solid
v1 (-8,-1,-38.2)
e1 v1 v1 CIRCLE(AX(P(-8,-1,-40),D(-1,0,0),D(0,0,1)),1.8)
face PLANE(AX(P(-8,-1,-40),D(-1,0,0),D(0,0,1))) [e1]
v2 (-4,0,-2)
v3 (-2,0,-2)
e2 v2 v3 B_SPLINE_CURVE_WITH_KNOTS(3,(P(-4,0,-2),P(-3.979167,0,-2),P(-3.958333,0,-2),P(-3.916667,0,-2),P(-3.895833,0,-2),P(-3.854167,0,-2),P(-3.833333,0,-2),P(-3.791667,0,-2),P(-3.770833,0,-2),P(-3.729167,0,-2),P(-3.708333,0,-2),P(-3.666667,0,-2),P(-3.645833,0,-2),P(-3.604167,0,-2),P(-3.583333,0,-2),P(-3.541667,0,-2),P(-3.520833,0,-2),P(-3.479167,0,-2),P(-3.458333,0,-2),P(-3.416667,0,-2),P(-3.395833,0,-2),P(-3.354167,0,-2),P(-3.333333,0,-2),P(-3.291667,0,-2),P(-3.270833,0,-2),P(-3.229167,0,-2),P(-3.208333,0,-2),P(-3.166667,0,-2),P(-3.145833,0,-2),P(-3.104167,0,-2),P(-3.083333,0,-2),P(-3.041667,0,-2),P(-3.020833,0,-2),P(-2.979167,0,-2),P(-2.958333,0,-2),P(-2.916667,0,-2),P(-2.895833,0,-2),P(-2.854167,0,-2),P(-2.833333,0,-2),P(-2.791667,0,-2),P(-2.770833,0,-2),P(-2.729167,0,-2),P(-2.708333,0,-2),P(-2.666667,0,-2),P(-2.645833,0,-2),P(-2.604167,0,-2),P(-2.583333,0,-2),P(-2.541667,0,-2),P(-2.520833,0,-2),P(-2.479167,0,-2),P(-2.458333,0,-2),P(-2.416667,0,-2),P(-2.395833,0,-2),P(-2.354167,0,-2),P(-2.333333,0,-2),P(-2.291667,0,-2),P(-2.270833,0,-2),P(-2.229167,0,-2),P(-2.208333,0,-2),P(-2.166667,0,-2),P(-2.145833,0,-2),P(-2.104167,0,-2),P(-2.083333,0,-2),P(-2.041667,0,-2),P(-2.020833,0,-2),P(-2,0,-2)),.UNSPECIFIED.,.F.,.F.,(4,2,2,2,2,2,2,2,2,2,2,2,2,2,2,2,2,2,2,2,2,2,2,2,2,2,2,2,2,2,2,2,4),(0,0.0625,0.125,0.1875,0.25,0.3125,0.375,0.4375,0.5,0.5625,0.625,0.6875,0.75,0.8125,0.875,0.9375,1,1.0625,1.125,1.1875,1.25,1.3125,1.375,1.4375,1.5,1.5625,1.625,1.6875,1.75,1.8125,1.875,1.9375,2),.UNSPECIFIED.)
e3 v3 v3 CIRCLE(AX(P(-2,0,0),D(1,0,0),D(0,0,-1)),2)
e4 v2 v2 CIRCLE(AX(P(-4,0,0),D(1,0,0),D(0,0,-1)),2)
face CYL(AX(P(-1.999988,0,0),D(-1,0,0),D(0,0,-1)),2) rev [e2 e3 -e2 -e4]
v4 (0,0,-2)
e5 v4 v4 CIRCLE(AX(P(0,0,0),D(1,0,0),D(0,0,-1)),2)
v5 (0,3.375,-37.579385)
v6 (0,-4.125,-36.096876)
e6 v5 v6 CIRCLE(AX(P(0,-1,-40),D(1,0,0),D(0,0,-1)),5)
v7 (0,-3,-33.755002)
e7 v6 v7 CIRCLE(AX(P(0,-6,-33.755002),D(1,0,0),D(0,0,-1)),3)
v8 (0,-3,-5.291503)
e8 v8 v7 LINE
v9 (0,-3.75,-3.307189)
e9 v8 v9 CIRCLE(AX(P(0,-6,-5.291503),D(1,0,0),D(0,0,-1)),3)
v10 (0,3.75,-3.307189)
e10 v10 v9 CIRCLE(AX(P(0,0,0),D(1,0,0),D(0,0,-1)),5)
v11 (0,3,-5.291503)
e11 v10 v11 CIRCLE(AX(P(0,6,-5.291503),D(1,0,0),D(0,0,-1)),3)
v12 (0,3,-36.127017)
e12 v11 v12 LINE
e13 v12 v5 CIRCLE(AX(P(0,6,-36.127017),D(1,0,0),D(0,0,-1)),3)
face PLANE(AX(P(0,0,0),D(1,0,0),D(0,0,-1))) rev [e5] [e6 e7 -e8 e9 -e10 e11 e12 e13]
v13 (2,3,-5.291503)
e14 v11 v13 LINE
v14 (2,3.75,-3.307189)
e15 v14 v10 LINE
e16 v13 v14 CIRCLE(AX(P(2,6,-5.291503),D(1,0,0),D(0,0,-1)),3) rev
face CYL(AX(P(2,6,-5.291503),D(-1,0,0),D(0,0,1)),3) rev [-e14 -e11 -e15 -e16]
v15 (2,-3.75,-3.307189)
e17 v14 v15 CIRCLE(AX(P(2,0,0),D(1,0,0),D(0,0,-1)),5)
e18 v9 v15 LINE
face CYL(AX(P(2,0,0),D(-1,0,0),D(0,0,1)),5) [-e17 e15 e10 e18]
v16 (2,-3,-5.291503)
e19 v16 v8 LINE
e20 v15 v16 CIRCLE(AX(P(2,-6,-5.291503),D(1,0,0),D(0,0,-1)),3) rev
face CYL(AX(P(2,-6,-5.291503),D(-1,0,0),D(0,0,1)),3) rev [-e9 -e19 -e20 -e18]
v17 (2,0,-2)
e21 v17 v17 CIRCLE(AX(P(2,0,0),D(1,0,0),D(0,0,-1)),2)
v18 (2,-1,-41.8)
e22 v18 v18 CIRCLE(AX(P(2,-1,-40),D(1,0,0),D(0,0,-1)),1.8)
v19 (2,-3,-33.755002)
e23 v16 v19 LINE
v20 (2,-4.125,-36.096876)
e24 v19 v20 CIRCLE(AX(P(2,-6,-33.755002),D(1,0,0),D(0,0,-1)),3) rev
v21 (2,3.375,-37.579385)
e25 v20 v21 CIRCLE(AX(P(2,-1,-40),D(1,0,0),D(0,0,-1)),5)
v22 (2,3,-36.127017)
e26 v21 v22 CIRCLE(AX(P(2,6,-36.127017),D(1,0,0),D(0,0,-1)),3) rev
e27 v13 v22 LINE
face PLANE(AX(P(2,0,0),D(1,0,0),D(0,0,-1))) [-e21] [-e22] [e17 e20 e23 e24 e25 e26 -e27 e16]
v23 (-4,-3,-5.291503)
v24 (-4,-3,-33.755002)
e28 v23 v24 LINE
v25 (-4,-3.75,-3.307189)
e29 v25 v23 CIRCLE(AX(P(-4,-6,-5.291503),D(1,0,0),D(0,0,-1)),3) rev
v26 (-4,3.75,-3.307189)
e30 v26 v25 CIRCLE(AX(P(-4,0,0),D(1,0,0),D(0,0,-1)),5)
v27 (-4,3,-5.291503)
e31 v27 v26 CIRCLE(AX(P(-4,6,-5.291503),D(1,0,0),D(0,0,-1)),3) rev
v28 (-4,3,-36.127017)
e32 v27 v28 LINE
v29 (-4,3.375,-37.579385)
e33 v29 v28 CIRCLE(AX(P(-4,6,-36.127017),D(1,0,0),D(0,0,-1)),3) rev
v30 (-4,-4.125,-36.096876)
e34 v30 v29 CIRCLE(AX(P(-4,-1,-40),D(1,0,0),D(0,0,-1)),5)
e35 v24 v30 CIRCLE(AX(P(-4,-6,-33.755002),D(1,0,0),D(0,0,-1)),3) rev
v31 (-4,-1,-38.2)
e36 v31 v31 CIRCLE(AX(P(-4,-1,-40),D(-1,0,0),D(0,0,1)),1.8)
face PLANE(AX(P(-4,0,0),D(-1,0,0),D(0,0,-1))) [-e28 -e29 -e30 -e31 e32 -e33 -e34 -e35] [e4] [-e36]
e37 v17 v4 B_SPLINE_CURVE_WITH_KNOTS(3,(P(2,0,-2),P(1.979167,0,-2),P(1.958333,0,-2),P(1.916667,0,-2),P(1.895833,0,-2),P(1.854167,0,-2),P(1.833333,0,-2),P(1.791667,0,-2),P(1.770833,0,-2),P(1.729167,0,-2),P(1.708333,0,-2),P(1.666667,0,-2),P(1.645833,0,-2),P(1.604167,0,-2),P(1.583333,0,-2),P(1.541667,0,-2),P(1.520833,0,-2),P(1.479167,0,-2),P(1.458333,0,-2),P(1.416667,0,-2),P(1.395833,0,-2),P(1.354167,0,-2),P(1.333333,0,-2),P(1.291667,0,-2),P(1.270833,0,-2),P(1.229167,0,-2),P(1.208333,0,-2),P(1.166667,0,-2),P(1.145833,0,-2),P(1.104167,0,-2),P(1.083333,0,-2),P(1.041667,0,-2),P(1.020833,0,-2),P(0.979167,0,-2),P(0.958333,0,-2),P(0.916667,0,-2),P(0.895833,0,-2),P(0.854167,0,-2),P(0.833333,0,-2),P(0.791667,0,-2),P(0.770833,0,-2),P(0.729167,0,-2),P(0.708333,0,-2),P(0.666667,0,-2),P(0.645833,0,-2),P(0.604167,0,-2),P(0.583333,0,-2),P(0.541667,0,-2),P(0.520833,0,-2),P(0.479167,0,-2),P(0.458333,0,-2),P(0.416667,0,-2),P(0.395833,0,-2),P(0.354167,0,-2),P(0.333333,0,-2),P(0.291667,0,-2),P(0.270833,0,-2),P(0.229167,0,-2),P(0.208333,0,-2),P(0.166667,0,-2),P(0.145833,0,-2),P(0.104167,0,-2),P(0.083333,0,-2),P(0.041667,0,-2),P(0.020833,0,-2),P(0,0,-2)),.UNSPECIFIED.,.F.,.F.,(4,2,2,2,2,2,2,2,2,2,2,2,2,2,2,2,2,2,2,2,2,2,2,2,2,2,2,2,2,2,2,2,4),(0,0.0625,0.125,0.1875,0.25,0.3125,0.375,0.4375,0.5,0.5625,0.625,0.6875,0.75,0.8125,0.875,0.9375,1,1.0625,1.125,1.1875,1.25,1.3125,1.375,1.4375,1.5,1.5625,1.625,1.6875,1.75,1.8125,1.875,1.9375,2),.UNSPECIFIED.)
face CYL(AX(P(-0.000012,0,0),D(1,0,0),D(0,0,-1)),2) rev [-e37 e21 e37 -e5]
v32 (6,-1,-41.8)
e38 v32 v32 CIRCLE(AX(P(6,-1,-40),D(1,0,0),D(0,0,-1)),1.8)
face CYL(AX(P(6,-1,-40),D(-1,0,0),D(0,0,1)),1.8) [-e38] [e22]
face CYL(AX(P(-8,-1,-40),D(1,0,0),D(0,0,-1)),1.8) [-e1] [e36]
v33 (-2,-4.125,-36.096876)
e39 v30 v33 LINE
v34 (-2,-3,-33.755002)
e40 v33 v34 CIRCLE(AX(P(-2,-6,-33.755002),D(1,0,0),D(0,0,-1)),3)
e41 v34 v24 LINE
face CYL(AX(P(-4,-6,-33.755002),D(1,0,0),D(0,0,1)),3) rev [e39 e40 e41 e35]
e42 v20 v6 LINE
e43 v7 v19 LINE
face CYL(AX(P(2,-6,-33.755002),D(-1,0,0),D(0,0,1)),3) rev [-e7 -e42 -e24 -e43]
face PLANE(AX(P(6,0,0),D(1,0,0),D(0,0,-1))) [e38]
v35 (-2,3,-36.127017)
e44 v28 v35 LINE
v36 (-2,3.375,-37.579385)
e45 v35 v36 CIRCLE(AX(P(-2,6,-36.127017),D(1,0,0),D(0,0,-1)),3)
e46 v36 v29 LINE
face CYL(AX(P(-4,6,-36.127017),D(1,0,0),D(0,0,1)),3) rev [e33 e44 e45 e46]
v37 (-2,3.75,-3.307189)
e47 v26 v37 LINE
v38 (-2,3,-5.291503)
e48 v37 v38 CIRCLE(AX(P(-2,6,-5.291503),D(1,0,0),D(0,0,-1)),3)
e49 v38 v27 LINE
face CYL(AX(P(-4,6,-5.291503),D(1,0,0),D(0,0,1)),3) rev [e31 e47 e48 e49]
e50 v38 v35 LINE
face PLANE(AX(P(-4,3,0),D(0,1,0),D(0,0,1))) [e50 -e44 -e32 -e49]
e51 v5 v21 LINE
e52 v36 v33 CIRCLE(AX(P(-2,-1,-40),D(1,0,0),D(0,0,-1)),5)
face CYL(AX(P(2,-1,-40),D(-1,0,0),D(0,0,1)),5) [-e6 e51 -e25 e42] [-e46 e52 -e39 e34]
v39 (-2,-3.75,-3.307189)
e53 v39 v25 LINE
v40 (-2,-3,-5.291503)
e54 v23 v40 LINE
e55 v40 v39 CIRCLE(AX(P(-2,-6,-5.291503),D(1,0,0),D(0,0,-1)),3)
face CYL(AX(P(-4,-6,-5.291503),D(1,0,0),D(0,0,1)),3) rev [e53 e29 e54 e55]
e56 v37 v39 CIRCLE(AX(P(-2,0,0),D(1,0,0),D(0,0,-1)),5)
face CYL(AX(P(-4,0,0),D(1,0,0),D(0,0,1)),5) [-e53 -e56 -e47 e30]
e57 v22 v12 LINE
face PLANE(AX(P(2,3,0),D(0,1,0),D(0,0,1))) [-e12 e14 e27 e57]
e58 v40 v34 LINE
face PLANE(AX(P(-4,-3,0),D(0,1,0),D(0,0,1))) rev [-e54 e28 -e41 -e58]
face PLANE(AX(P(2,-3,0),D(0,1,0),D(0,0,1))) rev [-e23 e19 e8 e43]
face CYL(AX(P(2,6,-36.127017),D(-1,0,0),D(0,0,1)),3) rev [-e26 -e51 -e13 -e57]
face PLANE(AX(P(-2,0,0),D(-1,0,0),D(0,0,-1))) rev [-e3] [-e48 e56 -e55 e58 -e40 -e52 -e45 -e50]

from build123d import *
from build123d.topology import SkipClean

# Parameters (mm, degrees)
SKETCH_1_R               = 5
SKETCH_1_W               = 40
SKETCH_1_H               = 6
EXTRUDE_1_DEPTH          = 2
CUT_EXTRUDE_2_DEPTH      = 46.44227107
CUT_EXTRUDE_2_DEPTH_BACK = 46.44227107
SKETCH_1_3_R             = 2
FILLET_1_R               = 3
EXTRUDE_START            = -1
EXTRUDE_2_DEPTH          = 1
SKETCH_2_R               = 2
EXTRUDE_3_DEPTH          = 6
SKETCH_2_3_R             = 1.8
EXTRUDE_4_DEPTH          = 4
EXTRUDE_START_2          = -10
SKETCH_2_4_R             = 1.8
EXTRUDE_5_DEPTH          = 4


with BuildPart() as part:
    # 草图1 → 凸台-拉伸1 (new body)
    with BuildSketch(Plane(origin=(0, 0, 0), x_dir=(0, 0, -1), z_dir=(1, 0, 0))):
        Circle(SKETCH_1_R)
        with Locations((40, -1)):
            Circle(SKETCH_1_R)
        with Locations((20, 0)):
            Rectangle(SKETCH_1_W, SKETCH_1_H)
    extrude(amount=EXTRUDE_1_DEPTH)

    # 草图1<3> → 切除-拉伸2 (cut, two sides: drawn at the far end of the back side and taken through both)
    with BuildSketch(Plane(origin=(0, 0, 0), x_dir=(0, 0, -1), z_dir=(1, 0, 0)).offset(-CUT_EXTRUDE_2_DEPTH_BACK)):
        Circle(SKETCH_1_3_R)
        with Locations((40, -1)):
            Circle(SKETCH_1_3_R)
    extrude(amount=CUT_EXTRUDE_2_DEPTH + CUT_EXTRUDE_2_DEPTH_BACK, mode=Mode.SUBTRACT)

    # 圆角1
    fillet_1_edges = [part.edges().sort_by_distance(p)[0] for p in [
        (1, -3, -35.417424305),
        (1, 3, -37),
        (1, 3, -4),
        (1, -3, -4),
    ]]
    fillet(fillet_1_edges, radius=FILLET_1_R)

    # 草图1<4> → 凸台-拉伸2 (add)
    with SkipClean():  # the faces are left unmerged after this step: merging them gives an invalid solid
        with BuildSketch(Plane(origin=(0, 0, 0), x_dir=(0, 0, -1), z_dir=(1, 0, 0)).offset(EXTRUDE_START)):
            with BuildLine():
                ThreePointArc((37, 3), (35.16534763, 0.275200556), (35.417424305, -3))
                Line((35.417424305, -3), (40, -3))
                ThreePointArc((40, -3), (38, -1), (40, 1))
                Line((40, 1), (40, 3))
                Line((40, 3), (37, 3))
            make_face()
            with BuildLine():
                Line((40, -3), (35.417424305, -3))
                ThreePointArc((35.417424305, -3), (41.021548218, -5.894531565), (45, -1))
                ThreePointArc((45, -1), (42.236067977, 3.472135955), (37, 3))
                Line((37, 3), (40, 3))
                Line((40, 3), (40, 1))
                ThreePointArc((40, 1), (41.414213562, 0.414213562), (42, -1))
                ThreePointArc((42, -1), (41.414213562, -2.414213562), (40, -3))
            make_face()
        extrude(amount=EXTRUDE_2_DEPTH)

    # 镜向3: part across plane


with BuildPart() as part_1:
    add(part.part)
    add(part.part.mirror(Plane.ZY.offset(1)))

    # 草图2 → 凸台-拉伸3 (add)
    with BuildSketch(Plane(origin=(2, 0, 0), x_dir=(0, 0, -1), z_dir=(1, 0, 0))):
        with Locations((40, -1)):
            Circle(SKETCH_2_R)
    extrude(amount=-EXTRUDE_3_DEPTH)

    # 草图2<3> → 凸台-拉伸4 (add)
    with BuildSketch(Plane(origin=(2, 0, 0), x_dir=(0, 0, -1), z_dir=(1, 0, 0))):
        with Locations((40, -1)):
            Circle(SKETCH_2_3_R)
    extrude(amount=EXTRUDE_4_DEPTH)

    # 草图2<4> → 凸台-拉伸5 (add)
    with BuildSketch(Plane(origin=(2, 0, 0), x_dir=(0, 0, -1), z_dir=(1, 0, 0)).offset(EXTRUDE_START_2)):
        with Locations((40, -1)):
            Circle(SKETCH_2_4_R)
    extrude(amount=EXTRUDE_5_DEPTH)


solid = part_1.part
